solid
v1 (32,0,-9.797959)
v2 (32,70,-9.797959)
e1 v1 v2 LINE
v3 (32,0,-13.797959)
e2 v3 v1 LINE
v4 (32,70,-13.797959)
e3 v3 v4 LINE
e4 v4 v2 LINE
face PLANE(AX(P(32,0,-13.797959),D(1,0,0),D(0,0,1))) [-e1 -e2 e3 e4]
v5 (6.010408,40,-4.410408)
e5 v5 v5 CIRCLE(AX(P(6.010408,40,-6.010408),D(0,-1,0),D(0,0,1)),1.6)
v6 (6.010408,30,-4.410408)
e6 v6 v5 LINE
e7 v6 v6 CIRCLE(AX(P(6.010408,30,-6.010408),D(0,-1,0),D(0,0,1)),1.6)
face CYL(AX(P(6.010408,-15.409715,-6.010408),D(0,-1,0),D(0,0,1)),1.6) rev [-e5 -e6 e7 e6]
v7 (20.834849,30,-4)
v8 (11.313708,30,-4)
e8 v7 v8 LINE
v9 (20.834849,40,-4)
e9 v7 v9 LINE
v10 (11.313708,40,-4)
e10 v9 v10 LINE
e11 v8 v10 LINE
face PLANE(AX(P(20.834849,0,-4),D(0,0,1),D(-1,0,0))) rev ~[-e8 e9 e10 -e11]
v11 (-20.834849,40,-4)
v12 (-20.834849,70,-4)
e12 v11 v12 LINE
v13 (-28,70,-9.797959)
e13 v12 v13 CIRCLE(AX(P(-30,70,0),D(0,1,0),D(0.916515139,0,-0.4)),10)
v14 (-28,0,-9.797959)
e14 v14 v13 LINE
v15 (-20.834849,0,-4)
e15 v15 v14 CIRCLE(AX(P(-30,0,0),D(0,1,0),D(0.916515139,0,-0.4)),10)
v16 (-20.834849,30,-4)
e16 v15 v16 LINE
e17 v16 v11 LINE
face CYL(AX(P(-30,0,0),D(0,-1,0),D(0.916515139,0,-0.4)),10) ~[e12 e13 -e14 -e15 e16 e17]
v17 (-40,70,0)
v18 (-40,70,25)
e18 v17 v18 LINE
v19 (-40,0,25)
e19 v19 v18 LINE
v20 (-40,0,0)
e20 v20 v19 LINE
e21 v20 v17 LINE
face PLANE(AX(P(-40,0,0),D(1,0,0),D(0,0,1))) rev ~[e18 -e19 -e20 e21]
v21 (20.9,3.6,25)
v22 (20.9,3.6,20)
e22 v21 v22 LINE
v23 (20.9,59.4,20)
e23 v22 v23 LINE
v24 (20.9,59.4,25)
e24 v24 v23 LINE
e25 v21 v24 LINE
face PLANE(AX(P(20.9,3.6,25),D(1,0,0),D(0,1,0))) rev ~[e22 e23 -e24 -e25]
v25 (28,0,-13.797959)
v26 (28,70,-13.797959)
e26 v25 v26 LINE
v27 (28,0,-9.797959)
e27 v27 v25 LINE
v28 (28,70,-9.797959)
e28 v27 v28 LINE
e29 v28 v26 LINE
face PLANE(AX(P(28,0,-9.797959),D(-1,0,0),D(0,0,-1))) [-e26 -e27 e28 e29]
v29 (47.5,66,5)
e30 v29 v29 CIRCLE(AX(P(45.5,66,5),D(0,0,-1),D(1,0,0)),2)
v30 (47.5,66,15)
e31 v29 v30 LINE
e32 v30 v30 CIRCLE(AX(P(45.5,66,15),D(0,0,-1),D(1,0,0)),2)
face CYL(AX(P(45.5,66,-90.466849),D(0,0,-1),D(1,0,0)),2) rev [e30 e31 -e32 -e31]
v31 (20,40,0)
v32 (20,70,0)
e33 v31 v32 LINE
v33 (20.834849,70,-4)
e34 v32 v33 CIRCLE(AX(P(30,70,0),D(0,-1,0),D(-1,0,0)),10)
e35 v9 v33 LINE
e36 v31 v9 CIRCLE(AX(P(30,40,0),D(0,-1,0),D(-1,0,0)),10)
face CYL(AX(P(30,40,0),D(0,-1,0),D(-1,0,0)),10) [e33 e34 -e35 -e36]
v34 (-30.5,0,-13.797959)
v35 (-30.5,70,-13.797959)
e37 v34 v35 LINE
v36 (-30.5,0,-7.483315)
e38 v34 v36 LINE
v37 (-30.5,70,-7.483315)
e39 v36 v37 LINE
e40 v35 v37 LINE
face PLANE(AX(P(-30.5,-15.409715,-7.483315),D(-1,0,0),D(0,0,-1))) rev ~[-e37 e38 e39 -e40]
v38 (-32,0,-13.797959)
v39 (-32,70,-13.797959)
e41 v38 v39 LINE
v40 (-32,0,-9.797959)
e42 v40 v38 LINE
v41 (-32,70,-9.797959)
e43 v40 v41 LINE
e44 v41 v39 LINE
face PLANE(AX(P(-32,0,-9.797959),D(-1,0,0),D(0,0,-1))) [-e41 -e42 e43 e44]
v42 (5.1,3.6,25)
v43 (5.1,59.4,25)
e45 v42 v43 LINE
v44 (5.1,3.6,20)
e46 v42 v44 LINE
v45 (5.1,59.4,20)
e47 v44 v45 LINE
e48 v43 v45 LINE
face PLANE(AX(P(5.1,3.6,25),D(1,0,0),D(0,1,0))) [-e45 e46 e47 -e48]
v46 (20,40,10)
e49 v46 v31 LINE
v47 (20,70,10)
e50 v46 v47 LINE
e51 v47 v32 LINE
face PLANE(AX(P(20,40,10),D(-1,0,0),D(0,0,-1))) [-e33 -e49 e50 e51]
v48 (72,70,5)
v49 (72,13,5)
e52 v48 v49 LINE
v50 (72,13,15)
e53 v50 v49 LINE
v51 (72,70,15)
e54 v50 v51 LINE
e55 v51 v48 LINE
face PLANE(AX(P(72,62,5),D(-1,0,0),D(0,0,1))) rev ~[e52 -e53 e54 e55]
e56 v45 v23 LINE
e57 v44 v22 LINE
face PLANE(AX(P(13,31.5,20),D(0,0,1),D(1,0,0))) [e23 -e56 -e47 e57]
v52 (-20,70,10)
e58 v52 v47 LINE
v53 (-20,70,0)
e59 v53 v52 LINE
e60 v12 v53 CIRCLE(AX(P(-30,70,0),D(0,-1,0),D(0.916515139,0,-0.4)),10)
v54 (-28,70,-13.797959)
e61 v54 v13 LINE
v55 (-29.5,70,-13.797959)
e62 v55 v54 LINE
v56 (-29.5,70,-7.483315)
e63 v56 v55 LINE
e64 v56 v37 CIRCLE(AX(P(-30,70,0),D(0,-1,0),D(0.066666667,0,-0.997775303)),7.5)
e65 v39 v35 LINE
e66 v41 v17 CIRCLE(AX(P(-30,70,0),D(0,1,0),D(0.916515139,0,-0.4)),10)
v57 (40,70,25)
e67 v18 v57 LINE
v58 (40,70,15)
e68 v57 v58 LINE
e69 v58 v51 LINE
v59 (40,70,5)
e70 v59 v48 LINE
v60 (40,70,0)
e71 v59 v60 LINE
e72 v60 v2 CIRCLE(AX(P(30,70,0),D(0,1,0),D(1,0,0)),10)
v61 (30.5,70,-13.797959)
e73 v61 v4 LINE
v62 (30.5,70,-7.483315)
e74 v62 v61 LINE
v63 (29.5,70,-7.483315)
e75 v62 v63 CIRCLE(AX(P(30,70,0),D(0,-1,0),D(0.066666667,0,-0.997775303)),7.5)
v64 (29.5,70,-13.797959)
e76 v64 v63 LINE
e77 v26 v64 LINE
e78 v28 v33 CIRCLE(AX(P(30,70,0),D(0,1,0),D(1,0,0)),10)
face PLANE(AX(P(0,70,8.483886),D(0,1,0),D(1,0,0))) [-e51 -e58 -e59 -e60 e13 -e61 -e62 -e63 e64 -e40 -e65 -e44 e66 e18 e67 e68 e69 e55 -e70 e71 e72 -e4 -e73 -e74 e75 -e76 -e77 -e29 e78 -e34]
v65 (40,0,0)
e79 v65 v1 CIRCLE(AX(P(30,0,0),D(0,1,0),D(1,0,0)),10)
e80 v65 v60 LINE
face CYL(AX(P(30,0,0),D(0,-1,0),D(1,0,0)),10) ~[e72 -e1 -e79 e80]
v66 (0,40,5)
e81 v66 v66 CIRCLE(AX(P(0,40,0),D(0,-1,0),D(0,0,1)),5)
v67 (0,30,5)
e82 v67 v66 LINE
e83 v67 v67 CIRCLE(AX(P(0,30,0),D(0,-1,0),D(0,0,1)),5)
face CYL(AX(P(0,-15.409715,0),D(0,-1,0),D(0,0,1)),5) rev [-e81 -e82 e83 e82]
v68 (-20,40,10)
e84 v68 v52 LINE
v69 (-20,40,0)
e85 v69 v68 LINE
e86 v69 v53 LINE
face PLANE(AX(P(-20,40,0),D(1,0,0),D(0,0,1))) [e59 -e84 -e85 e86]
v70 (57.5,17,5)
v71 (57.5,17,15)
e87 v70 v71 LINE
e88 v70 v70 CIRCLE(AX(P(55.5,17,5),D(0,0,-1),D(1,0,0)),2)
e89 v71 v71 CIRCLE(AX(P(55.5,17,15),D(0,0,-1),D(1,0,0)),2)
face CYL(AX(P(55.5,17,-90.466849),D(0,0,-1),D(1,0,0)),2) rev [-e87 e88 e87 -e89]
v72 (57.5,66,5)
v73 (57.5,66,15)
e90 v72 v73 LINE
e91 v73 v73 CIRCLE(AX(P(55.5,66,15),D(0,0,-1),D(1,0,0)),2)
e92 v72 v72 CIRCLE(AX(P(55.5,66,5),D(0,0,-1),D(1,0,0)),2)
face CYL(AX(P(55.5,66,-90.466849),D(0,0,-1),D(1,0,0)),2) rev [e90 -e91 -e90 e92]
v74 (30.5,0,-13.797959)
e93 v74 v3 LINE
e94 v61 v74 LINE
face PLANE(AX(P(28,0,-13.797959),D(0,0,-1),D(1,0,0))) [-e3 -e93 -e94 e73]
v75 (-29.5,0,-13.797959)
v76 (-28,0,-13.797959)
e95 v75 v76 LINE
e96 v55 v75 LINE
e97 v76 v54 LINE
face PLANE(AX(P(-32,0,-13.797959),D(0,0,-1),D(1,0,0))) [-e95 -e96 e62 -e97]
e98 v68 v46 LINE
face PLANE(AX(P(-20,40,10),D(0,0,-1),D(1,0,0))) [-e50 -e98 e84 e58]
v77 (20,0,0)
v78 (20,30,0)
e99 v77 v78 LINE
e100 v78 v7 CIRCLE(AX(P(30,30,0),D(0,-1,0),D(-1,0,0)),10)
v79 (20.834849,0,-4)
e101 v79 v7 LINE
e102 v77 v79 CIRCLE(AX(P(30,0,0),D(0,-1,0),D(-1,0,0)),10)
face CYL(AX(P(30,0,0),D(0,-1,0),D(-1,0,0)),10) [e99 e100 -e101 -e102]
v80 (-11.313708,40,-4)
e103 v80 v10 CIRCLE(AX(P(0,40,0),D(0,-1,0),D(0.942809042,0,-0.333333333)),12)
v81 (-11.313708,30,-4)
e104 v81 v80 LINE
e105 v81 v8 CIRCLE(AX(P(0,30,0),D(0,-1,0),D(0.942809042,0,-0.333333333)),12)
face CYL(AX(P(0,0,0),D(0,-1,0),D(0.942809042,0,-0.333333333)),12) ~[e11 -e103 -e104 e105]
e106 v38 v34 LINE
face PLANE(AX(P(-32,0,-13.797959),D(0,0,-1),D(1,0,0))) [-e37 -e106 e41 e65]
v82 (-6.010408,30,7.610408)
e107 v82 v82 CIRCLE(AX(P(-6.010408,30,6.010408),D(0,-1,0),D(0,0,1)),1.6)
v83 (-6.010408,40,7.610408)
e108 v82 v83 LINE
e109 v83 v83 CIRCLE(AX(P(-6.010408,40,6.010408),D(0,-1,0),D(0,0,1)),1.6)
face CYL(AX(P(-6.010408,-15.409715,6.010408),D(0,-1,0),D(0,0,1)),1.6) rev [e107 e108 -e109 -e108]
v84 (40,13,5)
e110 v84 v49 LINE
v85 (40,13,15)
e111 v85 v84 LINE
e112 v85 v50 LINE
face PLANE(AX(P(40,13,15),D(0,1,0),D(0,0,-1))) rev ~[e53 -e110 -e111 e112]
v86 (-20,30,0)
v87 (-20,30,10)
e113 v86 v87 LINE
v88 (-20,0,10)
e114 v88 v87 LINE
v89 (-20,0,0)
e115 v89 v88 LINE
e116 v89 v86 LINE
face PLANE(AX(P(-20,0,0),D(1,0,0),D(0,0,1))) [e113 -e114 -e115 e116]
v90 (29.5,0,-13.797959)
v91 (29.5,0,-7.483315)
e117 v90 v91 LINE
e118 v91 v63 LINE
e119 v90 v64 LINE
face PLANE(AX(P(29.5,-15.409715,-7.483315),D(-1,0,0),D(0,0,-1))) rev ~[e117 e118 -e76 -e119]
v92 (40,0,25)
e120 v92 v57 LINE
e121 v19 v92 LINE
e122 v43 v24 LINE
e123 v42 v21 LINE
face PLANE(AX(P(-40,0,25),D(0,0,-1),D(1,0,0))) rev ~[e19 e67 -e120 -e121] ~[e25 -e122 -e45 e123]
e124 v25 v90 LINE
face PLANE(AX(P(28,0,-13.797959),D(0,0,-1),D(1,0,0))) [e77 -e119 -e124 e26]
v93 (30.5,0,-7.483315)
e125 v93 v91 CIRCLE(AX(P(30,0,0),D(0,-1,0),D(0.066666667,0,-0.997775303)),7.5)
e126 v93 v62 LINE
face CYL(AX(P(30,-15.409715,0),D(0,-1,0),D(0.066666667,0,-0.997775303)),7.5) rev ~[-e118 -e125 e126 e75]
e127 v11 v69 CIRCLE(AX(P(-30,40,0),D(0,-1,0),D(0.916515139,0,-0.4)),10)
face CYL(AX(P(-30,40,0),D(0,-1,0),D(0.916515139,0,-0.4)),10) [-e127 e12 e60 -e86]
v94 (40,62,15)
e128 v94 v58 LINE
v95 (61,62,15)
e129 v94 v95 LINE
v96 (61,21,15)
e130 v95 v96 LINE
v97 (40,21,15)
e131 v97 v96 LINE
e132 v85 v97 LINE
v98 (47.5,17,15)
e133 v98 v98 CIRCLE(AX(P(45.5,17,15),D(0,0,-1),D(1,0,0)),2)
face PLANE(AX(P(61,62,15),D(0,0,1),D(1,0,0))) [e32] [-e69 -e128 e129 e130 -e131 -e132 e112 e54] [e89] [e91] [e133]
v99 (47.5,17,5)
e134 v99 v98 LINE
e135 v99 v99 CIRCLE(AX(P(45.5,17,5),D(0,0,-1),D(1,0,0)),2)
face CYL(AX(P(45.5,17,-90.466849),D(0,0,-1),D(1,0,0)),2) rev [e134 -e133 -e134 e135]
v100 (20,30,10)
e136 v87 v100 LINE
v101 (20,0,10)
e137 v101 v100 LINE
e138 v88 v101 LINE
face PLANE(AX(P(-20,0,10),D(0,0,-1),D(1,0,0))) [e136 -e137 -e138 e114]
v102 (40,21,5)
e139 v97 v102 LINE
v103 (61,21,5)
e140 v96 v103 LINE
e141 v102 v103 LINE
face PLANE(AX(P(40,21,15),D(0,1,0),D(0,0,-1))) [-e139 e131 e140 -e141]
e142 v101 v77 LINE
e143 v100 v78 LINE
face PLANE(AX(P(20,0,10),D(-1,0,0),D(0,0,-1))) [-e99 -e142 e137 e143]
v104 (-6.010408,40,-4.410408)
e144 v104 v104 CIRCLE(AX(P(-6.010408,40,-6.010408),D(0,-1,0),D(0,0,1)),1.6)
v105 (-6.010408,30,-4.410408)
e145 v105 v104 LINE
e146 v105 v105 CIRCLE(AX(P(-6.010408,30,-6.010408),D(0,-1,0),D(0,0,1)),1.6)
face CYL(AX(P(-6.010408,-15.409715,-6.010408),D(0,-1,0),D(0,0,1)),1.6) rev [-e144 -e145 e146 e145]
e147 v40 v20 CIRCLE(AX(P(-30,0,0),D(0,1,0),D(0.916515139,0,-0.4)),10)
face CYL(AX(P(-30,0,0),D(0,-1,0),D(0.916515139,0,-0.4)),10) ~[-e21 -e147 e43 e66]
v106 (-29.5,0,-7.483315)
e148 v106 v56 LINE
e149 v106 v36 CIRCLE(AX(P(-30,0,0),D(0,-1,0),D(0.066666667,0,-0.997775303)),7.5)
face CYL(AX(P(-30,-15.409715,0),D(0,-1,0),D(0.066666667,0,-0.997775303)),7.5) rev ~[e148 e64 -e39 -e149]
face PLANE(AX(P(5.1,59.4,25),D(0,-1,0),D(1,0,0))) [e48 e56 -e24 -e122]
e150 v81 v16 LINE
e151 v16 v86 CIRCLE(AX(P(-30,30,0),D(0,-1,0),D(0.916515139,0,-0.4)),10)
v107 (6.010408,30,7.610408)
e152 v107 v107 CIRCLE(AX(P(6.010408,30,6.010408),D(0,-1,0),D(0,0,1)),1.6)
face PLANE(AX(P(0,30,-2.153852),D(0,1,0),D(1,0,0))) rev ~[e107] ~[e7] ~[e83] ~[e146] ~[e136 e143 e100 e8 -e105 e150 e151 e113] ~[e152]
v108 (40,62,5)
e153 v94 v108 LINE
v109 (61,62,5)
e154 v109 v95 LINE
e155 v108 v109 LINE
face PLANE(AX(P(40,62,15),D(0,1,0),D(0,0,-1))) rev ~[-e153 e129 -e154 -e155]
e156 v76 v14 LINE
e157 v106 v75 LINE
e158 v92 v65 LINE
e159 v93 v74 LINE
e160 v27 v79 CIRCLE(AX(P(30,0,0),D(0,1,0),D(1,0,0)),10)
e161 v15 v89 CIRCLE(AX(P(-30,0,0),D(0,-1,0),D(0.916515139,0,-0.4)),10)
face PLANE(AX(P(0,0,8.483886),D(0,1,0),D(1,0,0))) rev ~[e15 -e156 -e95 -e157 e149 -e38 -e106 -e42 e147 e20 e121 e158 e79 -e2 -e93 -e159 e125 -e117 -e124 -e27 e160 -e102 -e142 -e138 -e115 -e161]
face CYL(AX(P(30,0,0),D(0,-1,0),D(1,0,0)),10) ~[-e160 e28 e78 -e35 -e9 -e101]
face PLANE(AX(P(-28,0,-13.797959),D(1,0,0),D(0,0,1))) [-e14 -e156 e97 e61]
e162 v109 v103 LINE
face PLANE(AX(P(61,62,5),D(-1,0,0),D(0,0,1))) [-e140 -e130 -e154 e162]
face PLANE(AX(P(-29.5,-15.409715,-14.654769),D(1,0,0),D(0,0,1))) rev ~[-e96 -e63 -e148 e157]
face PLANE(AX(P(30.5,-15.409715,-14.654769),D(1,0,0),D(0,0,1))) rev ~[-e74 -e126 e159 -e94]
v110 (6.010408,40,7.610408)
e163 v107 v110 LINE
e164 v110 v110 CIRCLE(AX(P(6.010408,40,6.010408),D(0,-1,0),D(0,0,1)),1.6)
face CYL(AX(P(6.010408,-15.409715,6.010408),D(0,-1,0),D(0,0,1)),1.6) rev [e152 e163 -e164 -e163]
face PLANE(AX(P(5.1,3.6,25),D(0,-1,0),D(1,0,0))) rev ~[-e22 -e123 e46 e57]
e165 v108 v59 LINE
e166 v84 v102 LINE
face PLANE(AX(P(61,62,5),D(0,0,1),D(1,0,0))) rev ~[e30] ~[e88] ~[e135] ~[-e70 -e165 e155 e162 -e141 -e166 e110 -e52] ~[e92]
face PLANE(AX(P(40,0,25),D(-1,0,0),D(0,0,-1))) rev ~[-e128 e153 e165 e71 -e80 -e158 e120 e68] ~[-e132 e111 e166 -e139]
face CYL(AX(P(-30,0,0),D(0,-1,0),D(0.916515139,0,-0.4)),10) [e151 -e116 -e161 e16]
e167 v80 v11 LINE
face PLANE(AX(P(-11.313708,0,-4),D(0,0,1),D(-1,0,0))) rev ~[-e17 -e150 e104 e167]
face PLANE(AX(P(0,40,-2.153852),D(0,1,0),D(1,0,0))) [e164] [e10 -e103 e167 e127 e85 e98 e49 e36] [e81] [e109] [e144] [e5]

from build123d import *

# Parameters (mm, degrees)
SALIENTE_EXTRUIR1_DEPTH    = 70
SALIENTE_EXTRUIR2_START    = -70
SALIENTE_EXTRUIR2_DEPTH    = 70
CORTAR_EXTRUIR2_DEPTH      = 85.409715081
CORTAR_EXTRUIR2_DEPTH_BACK = 85.409715081
CORTAR_EXTRUIR3_START      = -30
CORTAR_EXTRUIR3_DEPTH      = 30
CORTAR_EXTRUIR6_DEPTH      = 30
CORTAR_EXTRUIR4_DEPTH      = 85.409715081
CORTAR_EXTRUIR4_DEPTH_BACK = 85.409715081
CROQUIS6_R                 = 5
CROQUIS6_R_2               = 1.6
CROQUIS7_W                 = 10
CROQUIS7_H                 = 8
SALIENTE_EXTRUIR3_DEPTH    = 32
CORTAR_EXTRUIR5_DEPTH      = 105.466848526
CORTAR_EXTRUIR5_DEPTH_BACK = 105.466848526
CROQUIS8_R                 = 2
SALIENTE_EXTRUIR4_REACH    = 100.25
CROQUIS10_W                = 11
CROQUIS10_H                = 10
CROQUIS12_W                = 15.8
CROQUIS12_H                = 55.8
CORTAR_EXTRUIR7_DEPTH      = 5


with BuildPart() as part:
    # Croquis1 → Saliente-Extruir1 (new body)
    with BuildSketch(Plane(origin=(0, 0, 0), x_dir=(1, 0, 0), z_dir=(0, 1, 0))):
        with BuildLine():
            Line((40, -25), (40, 0))
            ThreePointArc((40, 0), (32.043096437, 9.789063129), (20.83484861, 4))
            Line((20.83484861, 4), (11.313708499, 4))
            ThreePointArc((11.313708499, 4), (0, 12), (-11.313708499, 4))
            Line((-11.313708499, 4), (-20.83484861, 4))
            ThreePointArc((-20.83484861, 4), (-32.043096437, 9.789063129), (-40, 0))
            Line((-40, 0), (-40, -25))
            Line((-40, -25), (40, -25))
        make_face()
    extrude(amount=SALIENTE_EXTRUIR1_DEPTH)

    # Croquis3 → Saliente-Extruir2 (add)
    with BuildSketch(Plane(origin=(0, 70, 0), x_dir=(1, 0, 0), z_dir=(0, 1, 0)).offset(SALIENTE_EXTRUIR2_START)):
        with BuildLine():
            Line((-32, 9.797958971), (-32, 13.797958971))
            Line((-32, 13.797958971), (-28, 13.797958971))
            Line((-28, 13.797958971), (-28, 9.797958971))
            ThreePointArc((-28, 9.797958971), (-30, 10), (-32, 9.797958971))
        make_face()
        with BuildLine():
            Line((28, 9.797958971), (28, 13.797958971))
            Line((28, 13.797958971), (32, 13.797958971))
            Line((32, 13.797958971), (32, 9.797958971))
            ThreePointArc((32, 9.797958971), (30, 10), (28, 9.797958971))
        make_face()
    extrude(amount=SALIENTE_EXTRUIR2_DEPTH)

    # Croquis4 → Cortar-Extruir2 (cut, two sides: drawn at the far end of the back side and taken through both)
    with BuildSketch(Plane(origin=(0, 70, 0), x_dir=(1, 0, 0), z_dir=(0, 1, 0)).offset(-CORTAR_EXTRUIR2_DEPTH_BACK)):
        with BuildLine():
            Line((-30.5, 7.483314774), (-30.5, 14.654769407))
            Line((-30.5, 14.654769407), (-29.5, 14.654769407))
            Line((-29.5, 14.654769407), (-29.5, 7.483314774))
            ThreePointArc((-29.5, 7.483314774), (-30, -7.5), (-30.5, 7.483314774))
        make_face()
        with BuildLine():
            Line((29.5, 7.483314774), (29.5, 14.654769407))
            Line((29.5, 14.654769407), (30.5, 14.654769407))
            Line((30.5, 14.654769407), (30.5, 7.483314774))
            ThreePointArc((30.5, 7.483314774), (30, -7.5), (29.5, 7.483314774))
        make_face()
    extrude(amount=CORTAR_EXTRUIR2_DEPTH + CORTAR_EXTRUIR2_DEPTH_BACK, mode=Mode.SUBTRACT)

    # Croquis5 → Cortar-Extruir3 (cut)
    with BuildSketch(Plane(origin=(0, 70, 0), x_dir=(1, 0, 0), z_dir=(0, 1, 0)).offset(CORTAR_EXTRUIR3_START)):
        with BuildLine():
            Line((-20, 0), (-20, -10))
            Line((-20, -10), (20, -10))
            Line((20, -10), (20, 0))
            ThreePointArc((20, 0), (20.210936871, 2.043096437), (20.83484861, 4))
            Line((20.83484861, 4), (20.83484861, 13.99599321))
            Line((20.83484861, 13.99599321), (-20.83484861, 13.99599321))
            Line((-20.83484861, 13.99599321), (-20.83484861, 4))
            ThreePointArc((-20.83484861, 4), (-20.210936871, 2.043096437), (-20, 0))
        make_face()
    extrude(amount=CORTAR_EXTRUIR3_DEPTH, mode=Mode.SUBTRACT)

    # Croquis9 → Cortar-Extruir6 (cut)
    with BuildSketch(Plane(origin=(0, 0, 0), x_dir=(1, 0, 0), z_dir=(0, 1, 0))):
        with BuildLine():
            Line((-20, 0), (-20, -10))
            Line((-20, -10), (20, -10))
            Line((20, -10), (20, 0))
            ThreePointArc((20, 0), (20.210936871, 2.043096437), (20.83484861, 4))
            Line((20.83484861, 4), (20.83484861, 13.99599321))
            Line((20.83484861, 13.99599321), (-20.83484861, 13.99599321))
            Line((-20.83484861, 13.99599321), (-20.83484861, 4))
            ThreePointArc((-20.83484861, 4), (-20.210936871, 2.043096437), (-20, 0))
        make_face()
    extrude(amount=CORTAR_EXTRUIR6_DEPTH, mode=Mode.SUBTRACT)

    # Croquis6 → Cortar-Extruir4 (cut, two sides: drawn at the far end of the back side and taken through both)
    with BuildSketch(Plane(origin=(0, 70, 0), x_dir=(1, 0, 0), z_dir=(0, 1, 0)).offset(-CORTAR_EXTRUIR4_DEPTH_BACK)):
        with Locations(Location((0, 0, 0), (0, 0, 270))):
            Circle(CROQUIS6_R)
        with Locations(Location((-6.01040764, 6.01040764, 0), (0, 0, 270))):
            Circle(CROQUIS6_R_2)
        with Locations(Location((6.01040764, 6.01040764, 0), (0, 0, 270))):
            Circle(CROQUIS6_R_2)
        with Locations(Location((6.01040764, -6.01040764, 0), (0, 0, 270))):
            Circle(CROQUIS6_R_2)
        with Locations(Location((-6.01040764, -6.01040764, 0), (0, 0, 270))):
            Circle(CROQUIS6_R_2)
    extrude(amount=CORTAR_EXTRUIR4_DEPTH + CORTAR_EXTRUIR4_DEPTH_BACK, mode=Mode.SUBTRACT)

    # Croquis7 → Saliente-Extruir3 (add)
    with BuildSketch(Plane(origin=(40, 0, 0), x_dir=(0, 0, -1), z_dir=(1, 0, 0))):
        with Locations((-10, 66)):
            Rectangle(CROQUIS7_W, CROQUIS7_H)
        with Locations((-10, 17)):
            Rectangle(CROQUIS7_W, CROQUIS7_H)
    extrude(amount=SALIENTE_EXTRUIR3_DEPTH)

    # Croquis8 → Cortar-Extruir5 (cut, two sides: drawn at the far end of the back side and taken through both)
    with BuildSketch(Plane.XY.offset(15).offset(-CORTAR_EXTRUIR5_DEPTH_BACK)):
        with Locations((45.5, 66)):
            Circle(CROQUIS8_R)
        with Locations((55.5, 66)):
            Circle(CROQUIS8_R)
        with Locations((45.5, 17)):
            Circle(CROQUIS8_R)
        with Locations((55.5, 17)):
            Circle(CROQUIS8_R)
    extrude(amount=CORTAR_EXTRUIR5_DEPTH + CORTAR_EXTRUIR5_DEPTH_BACK, mode=Mode.SUBTRACT)

    # Croquis10 → Saliente-Extruir4 (add, up to next)
    with BuildSketch(Plane.XZ.offset(-62), mode=Mode.PRIVATE) as saliente_extruir4_sk1:
        with Locations((66.5, 10)):
            Rectangle(CROQUIS10_W, CROQUIS10_H)
    saliente_extruir4_tool1 = extrude(saliente_extruir4_sk1.sketch, amount=SALIENTE_EXTRUIR4_REACH, mode=Mode.PRIVATE) - part.part
    add(saliente_extruir4_tool1.solids().sort_by_distance((66.5, 62, 10))[0])

    # Croquis12 → Cortar-Extruir7 (cut)
    with BuildSketch(Plane.XY.offset(25)):
        with Locations((13, 31.5)):
            Rectangle(CROQUIS12_W, CROQUIS12_H)
    extrude(amount=-CORTAR_EXTRUIR7_DEPTH, mode=Mode.SUBTRACT)


solid = part.part
